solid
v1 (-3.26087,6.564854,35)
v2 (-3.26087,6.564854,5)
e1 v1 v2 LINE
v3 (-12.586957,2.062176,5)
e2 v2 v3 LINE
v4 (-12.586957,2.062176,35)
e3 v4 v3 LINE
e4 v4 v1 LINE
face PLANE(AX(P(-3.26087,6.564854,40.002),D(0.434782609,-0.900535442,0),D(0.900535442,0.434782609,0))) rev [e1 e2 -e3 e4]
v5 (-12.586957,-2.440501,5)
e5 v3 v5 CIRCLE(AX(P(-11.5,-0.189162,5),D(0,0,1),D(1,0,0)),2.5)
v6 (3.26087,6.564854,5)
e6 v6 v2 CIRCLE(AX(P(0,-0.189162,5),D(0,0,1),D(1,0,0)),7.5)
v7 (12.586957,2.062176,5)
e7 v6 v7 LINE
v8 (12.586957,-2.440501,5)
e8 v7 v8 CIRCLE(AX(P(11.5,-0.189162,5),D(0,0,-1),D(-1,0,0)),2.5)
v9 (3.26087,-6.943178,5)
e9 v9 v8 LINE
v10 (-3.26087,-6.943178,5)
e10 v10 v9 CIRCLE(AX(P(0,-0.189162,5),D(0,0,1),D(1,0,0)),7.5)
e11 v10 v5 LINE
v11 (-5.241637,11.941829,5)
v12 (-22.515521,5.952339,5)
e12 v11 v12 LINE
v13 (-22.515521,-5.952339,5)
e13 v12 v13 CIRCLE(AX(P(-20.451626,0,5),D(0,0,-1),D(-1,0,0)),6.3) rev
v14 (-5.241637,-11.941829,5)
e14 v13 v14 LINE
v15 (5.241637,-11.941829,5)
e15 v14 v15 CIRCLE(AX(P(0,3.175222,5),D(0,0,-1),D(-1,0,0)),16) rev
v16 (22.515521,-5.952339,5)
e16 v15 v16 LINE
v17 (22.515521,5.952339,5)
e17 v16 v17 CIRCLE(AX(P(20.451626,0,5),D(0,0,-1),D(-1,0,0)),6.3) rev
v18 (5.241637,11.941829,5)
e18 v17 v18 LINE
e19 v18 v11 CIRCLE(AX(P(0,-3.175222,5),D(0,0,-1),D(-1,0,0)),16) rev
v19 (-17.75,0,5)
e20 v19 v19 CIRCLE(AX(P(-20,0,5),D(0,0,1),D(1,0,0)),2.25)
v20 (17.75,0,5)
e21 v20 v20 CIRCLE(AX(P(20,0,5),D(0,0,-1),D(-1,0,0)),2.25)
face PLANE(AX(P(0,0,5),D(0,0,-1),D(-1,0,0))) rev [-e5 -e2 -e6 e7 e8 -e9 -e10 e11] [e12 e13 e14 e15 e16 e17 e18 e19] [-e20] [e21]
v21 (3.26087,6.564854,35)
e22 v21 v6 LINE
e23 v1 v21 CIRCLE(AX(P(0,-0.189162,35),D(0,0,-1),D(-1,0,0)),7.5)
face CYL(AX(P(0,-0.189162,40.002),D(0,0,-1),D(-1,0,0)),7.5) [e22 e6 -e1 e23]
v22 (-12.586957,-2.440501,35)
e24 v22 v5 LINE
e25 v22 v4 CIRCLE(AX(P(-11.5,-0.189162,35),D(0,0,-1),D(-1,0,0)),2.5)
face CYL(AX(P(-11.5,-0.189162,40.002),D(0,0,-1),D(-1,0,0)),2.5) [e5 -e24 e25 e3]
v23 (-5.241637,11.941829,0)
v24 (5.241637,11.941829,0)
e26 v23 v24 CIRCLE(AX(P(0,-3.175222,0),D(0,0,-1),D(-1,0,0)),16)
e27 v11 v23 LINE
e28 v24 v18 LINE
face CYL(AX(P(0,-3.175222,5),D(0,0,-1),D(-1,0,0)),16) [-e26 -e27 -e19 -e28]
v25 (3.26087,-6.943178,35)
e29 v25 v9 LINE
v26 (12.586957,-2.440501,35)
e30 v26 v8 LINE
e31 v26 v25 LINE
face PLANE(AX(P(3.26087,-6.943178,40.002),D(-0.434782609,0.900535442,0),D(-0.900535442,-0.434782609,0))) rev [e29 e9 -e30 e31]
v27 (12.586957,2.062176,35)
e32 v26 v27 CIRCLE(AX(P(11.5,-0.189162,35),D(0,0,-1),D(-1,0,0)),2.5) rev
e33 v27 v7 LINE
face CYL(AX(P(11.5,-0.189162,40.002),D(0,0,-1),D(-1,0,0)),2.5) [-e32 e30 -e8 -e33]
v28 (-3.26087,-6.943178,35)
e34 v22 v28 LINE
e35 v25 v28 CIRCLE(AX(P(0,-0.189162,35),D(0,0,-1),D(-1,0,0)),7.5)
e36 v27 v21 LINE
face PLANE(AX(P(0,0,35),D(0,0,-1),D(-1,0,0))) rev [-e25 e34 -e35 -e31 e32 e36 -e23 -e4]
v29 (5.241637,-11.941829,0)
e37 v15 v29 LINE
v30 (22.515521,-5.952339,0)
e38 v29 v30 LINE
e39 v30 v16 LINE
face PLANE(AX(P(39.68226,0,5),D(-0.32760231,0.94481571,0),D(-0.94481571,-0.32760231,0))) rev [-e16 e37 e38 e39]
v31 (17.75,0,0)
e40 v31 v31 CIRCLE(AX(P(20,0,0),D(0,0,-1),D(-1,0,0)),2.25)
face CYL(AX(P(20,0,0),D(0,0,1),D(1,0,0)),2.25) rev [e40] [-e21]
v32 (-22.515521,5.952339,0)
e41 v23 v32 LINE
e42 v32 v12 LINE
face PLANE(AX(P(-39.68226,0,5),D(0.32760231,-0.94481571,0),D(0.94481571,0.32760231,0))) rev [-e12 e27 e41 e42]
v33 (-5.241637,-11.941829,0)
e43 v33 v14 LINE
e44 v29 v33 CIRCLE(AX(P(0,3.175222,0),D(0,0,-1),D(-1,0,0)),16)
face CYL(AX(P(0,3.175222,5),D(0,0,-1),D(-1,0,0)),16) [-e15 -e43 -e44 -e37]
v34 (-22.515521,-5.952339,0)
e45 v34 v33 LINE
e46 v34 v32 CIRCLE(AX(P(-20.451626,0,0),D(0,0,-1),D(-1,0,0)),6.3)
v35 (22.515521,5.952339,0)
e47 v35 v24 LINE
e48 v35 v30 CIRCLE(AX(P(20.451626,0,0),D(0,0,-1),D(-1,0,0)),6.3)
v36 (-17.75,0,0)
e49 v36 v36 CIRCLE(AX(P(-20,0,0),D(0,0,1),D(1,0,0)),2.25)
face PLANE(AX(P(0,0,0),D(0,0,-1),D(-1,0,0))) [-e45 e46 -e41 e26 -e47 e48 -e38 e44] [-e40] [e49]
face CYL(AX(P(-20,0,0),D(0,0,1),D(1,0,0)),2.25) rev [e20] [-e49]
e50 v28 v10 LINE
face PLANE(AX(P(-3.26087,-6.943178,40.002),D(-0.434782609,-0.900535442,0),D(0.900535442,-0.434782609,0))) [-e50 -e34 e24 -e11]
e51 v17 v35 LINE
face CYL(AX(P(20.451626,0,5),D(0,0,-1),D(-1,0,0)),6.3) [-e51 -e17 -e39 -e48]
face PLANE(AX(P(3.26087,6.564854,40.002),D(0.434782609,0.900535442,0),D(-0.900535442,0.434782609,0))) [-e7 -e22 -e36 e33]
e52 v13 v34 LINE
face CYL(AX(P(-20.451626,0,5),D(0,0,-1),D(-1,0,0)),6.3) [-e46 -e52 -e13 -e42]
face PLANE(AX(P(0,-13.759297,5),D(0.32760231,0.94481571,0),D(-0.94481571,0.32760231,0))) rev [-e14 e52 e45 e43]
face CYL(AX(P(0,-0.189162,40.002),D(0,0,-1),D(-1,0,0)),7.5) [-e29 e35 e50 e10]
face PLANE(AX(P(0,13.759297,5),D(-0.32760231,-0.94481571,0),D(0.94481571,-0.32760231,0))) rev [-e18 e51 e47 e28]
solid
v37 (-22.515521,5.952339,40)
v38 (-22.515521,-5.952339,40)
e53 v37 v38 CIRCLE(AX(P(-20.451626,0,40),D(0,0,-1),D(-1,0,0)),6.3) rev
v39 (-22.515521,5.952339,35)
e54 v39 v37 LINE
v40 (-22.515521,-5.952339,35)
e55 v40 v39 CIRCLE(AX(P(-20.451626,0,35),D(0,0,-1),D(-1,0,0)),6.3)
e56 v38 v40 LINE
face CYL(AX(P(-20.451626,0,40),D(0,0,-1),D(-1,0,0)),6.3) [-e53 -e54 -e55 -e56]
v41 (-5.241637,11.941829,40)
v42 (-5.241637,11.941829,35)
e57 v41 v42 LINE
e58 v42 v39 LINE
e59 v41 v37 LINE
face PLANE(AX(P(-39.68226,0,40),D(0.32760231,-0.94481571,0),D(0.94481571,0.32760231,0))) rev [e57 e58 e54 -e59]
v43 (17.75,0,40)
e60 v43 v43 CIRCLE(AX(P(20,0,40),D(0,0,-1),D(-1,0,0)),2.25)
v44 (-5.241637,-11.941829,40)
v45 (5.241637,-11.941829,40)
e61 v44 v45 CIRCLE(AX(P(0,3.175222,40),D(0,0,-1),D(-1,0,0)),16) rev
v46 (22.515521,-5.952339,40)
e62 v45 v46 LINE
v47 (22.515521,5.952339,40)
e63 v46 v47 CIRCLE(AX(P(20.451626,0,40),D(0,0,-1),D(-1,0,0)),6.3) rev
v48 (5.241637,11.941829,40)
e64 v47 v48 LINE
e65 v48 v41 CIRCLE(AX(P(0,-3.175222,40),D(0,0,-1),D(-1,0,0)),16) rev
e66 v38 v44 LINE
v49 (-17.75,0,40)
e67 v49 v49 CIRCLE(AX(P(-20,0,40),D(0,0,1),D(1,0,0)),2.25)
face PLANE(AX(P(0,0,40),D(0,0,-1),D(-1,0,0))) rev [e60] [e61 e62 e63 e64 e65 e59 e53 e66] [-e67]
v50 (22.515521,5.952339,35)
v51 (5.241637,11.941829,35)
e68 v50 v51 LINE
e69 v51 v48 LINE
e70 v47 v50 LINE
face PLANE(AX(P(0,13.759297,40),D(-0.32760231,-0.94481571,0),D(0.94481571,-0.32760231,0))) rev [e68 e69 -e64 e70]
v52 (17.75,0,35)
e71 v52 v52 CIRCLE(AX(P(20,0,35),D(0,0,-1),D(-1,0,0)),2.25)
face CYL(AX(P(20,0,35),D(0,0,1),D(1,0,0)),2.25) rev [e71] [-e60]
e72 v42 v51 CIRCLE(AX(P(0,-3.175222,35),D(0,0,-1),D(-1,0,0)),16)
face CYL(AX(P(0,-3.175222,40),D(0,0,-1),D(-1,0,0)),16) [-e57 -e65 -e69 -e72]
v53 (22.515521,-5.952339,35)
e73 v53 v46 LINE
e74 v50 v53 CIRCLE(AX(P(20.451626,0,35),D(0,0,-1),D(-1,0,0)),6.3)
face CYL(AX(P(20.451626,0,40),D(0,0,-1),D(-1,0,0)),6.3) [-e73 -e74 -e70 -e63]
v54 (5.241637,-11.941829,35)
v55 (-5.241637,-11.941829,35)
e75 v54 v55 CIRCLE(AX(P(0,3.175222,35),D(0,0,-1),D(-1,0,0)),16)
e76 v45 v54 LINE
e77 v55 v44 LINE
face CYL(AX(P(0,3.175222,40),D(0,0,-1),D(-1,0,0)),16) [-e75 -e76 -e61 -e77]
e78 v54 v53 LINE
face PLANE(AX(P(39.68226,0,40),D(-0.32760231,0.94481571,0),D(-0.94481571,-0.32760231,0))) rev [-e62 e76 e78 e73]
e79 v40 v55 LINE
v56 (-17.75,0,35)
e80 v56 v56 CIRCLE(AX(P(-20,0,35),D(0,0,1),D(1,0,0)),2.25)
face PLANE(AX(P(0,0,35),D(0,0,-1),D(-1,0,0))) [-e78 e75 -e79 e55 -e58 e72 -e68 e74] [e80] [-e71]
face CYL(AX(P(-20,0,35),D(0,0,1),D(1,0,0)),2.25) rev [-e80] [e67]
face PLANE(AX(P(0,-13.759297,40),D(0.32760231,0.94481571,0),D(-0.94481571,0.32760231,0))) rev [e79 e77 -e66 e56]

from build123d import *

# Parameters (mm, degrees)
BOSS_EXTRUDE1_DEPTH = 5
FILLET1_R           = 6.3
FILLET2_R           = 6.3
FILLET3_R           = 16
FILLET4_R           = 16
SKETCH2_R           = 2.25
CUT_EXTRUDE1_DEPTH  = 31.085285873
LPATTERN3_COUNT     = 2
LPATTERN3_PITCH     = 35
BOSS_EXTRUDE2_REACH = 47.882


with BuildPart() as part:
    # Sketch1 → Boss-Extrude1 (new body)
    with BuildSketch(Plane.XY):
        Polygon((-39.682259829, 0), (0, 13.759297035), (39.682259829, 0), (0, -13.759297035), align=None)
    extrude(amount=BOSS_EXTRUDE1_DEPTH)

    # Fillet1
    fillet1_edges = [part.edges().sort_by_distance(p)[0] for p in [
        (39.682259829, 0, 2.5),
    ]]
    fillet(fillet1_edges, radius=FILLET1_R)

    # Fillet2
    fillet2_edges = [part.edges().sort_by_distance(p)[0] for p in [
        (-39.682259829, 0, 2.5),
    ]]
    fillet(fillet2_edges, radius=FILLET2_R)

    # Fillet3
    fillet3_edges = [part.edges().sort_by_distance(p)[0] for p in [
        (0, 13.759297035, 2.5),
    ]]
    fillet(fillet3_edges, radius=FILLET3_R)

    # Fillet4
    fillet4_edges = [part.edges().sort_by_distance(p)[0] for p in [
        (0, -13.759297035, 2.5),
    ]]
    fillet(fillet4_edges, radius=FILLET4_R)

    # Sketch2 → Cut-Extrude1 (cut, through all)
    with BuildSketch(Plane.XY.offset(5)):
        with Locations((-20, 0)):
            Circle(SKETCH2_R)
        with Locations(Location((20, 0, 0), (0, 0, 180))):
            Circle(SKETCH2_R)
    extrude(amount=-CUT_EXTRUDE1_DEPTH, mode=Mode.SUBTRACT)


with BuildPart() as lpattern3_1:
    # LPattern3: pattern copy
    add(part.part.moved(Location(Vector(0, 0, 1) * (1 * LPATTERN3_PITCH))))


with BuildPart() as part_1:
    add(part.part)

    # Sketch3 → Boss-Extrude2 (add, up to next)
    with BuildSketch(Plane.XY.offset(5), mode=Mode.PRIVATE) as boss_extrude2_sk1:
        with BuildLine():
            Line((-3.260869565, 6.564853587), (-12.586956522, 2.062176374))
            ThreePointArc((-12.586956522, 2.062176374), (-14, -0.189162232), (-12.586956522, -2.440500838))
            Line((-12.586956522, -2.440500838), (-3.260869565, -6.943178051))
            ThreePointArc((-3.260869565, -6.943178051), (0, -7.689162232), (3.260869565, -6.943178051))
            Line((3.260869565, -6.943178051), (12.586956522, -2.440500838))
            ThreePointArc((12.586956522, -2.440500838), (14, -0.189162232), (12.586956522, 2.062176374))
            Line((12.586956522, 2.062176374), (3.260869565, 6.564853587))
            ThreePointArc((3.260869565, 6.564853587), (0, 7.310837768), (-3.260869565, 6.564853587))
        make_face()
    boss_extrude2_tool1 = extrude(boss_extrude2_sk1.sketch, amount=BOSS_EXTRUDE2_REACH, mode=Mode.PRIVATE) - lpattern3_1.part
    add(boss_extrude2_tool1.solids().sort_by_distance((0, -0.189162, 5))[0])


solid = Compound([lpattern3_1.part, part_1.part])
